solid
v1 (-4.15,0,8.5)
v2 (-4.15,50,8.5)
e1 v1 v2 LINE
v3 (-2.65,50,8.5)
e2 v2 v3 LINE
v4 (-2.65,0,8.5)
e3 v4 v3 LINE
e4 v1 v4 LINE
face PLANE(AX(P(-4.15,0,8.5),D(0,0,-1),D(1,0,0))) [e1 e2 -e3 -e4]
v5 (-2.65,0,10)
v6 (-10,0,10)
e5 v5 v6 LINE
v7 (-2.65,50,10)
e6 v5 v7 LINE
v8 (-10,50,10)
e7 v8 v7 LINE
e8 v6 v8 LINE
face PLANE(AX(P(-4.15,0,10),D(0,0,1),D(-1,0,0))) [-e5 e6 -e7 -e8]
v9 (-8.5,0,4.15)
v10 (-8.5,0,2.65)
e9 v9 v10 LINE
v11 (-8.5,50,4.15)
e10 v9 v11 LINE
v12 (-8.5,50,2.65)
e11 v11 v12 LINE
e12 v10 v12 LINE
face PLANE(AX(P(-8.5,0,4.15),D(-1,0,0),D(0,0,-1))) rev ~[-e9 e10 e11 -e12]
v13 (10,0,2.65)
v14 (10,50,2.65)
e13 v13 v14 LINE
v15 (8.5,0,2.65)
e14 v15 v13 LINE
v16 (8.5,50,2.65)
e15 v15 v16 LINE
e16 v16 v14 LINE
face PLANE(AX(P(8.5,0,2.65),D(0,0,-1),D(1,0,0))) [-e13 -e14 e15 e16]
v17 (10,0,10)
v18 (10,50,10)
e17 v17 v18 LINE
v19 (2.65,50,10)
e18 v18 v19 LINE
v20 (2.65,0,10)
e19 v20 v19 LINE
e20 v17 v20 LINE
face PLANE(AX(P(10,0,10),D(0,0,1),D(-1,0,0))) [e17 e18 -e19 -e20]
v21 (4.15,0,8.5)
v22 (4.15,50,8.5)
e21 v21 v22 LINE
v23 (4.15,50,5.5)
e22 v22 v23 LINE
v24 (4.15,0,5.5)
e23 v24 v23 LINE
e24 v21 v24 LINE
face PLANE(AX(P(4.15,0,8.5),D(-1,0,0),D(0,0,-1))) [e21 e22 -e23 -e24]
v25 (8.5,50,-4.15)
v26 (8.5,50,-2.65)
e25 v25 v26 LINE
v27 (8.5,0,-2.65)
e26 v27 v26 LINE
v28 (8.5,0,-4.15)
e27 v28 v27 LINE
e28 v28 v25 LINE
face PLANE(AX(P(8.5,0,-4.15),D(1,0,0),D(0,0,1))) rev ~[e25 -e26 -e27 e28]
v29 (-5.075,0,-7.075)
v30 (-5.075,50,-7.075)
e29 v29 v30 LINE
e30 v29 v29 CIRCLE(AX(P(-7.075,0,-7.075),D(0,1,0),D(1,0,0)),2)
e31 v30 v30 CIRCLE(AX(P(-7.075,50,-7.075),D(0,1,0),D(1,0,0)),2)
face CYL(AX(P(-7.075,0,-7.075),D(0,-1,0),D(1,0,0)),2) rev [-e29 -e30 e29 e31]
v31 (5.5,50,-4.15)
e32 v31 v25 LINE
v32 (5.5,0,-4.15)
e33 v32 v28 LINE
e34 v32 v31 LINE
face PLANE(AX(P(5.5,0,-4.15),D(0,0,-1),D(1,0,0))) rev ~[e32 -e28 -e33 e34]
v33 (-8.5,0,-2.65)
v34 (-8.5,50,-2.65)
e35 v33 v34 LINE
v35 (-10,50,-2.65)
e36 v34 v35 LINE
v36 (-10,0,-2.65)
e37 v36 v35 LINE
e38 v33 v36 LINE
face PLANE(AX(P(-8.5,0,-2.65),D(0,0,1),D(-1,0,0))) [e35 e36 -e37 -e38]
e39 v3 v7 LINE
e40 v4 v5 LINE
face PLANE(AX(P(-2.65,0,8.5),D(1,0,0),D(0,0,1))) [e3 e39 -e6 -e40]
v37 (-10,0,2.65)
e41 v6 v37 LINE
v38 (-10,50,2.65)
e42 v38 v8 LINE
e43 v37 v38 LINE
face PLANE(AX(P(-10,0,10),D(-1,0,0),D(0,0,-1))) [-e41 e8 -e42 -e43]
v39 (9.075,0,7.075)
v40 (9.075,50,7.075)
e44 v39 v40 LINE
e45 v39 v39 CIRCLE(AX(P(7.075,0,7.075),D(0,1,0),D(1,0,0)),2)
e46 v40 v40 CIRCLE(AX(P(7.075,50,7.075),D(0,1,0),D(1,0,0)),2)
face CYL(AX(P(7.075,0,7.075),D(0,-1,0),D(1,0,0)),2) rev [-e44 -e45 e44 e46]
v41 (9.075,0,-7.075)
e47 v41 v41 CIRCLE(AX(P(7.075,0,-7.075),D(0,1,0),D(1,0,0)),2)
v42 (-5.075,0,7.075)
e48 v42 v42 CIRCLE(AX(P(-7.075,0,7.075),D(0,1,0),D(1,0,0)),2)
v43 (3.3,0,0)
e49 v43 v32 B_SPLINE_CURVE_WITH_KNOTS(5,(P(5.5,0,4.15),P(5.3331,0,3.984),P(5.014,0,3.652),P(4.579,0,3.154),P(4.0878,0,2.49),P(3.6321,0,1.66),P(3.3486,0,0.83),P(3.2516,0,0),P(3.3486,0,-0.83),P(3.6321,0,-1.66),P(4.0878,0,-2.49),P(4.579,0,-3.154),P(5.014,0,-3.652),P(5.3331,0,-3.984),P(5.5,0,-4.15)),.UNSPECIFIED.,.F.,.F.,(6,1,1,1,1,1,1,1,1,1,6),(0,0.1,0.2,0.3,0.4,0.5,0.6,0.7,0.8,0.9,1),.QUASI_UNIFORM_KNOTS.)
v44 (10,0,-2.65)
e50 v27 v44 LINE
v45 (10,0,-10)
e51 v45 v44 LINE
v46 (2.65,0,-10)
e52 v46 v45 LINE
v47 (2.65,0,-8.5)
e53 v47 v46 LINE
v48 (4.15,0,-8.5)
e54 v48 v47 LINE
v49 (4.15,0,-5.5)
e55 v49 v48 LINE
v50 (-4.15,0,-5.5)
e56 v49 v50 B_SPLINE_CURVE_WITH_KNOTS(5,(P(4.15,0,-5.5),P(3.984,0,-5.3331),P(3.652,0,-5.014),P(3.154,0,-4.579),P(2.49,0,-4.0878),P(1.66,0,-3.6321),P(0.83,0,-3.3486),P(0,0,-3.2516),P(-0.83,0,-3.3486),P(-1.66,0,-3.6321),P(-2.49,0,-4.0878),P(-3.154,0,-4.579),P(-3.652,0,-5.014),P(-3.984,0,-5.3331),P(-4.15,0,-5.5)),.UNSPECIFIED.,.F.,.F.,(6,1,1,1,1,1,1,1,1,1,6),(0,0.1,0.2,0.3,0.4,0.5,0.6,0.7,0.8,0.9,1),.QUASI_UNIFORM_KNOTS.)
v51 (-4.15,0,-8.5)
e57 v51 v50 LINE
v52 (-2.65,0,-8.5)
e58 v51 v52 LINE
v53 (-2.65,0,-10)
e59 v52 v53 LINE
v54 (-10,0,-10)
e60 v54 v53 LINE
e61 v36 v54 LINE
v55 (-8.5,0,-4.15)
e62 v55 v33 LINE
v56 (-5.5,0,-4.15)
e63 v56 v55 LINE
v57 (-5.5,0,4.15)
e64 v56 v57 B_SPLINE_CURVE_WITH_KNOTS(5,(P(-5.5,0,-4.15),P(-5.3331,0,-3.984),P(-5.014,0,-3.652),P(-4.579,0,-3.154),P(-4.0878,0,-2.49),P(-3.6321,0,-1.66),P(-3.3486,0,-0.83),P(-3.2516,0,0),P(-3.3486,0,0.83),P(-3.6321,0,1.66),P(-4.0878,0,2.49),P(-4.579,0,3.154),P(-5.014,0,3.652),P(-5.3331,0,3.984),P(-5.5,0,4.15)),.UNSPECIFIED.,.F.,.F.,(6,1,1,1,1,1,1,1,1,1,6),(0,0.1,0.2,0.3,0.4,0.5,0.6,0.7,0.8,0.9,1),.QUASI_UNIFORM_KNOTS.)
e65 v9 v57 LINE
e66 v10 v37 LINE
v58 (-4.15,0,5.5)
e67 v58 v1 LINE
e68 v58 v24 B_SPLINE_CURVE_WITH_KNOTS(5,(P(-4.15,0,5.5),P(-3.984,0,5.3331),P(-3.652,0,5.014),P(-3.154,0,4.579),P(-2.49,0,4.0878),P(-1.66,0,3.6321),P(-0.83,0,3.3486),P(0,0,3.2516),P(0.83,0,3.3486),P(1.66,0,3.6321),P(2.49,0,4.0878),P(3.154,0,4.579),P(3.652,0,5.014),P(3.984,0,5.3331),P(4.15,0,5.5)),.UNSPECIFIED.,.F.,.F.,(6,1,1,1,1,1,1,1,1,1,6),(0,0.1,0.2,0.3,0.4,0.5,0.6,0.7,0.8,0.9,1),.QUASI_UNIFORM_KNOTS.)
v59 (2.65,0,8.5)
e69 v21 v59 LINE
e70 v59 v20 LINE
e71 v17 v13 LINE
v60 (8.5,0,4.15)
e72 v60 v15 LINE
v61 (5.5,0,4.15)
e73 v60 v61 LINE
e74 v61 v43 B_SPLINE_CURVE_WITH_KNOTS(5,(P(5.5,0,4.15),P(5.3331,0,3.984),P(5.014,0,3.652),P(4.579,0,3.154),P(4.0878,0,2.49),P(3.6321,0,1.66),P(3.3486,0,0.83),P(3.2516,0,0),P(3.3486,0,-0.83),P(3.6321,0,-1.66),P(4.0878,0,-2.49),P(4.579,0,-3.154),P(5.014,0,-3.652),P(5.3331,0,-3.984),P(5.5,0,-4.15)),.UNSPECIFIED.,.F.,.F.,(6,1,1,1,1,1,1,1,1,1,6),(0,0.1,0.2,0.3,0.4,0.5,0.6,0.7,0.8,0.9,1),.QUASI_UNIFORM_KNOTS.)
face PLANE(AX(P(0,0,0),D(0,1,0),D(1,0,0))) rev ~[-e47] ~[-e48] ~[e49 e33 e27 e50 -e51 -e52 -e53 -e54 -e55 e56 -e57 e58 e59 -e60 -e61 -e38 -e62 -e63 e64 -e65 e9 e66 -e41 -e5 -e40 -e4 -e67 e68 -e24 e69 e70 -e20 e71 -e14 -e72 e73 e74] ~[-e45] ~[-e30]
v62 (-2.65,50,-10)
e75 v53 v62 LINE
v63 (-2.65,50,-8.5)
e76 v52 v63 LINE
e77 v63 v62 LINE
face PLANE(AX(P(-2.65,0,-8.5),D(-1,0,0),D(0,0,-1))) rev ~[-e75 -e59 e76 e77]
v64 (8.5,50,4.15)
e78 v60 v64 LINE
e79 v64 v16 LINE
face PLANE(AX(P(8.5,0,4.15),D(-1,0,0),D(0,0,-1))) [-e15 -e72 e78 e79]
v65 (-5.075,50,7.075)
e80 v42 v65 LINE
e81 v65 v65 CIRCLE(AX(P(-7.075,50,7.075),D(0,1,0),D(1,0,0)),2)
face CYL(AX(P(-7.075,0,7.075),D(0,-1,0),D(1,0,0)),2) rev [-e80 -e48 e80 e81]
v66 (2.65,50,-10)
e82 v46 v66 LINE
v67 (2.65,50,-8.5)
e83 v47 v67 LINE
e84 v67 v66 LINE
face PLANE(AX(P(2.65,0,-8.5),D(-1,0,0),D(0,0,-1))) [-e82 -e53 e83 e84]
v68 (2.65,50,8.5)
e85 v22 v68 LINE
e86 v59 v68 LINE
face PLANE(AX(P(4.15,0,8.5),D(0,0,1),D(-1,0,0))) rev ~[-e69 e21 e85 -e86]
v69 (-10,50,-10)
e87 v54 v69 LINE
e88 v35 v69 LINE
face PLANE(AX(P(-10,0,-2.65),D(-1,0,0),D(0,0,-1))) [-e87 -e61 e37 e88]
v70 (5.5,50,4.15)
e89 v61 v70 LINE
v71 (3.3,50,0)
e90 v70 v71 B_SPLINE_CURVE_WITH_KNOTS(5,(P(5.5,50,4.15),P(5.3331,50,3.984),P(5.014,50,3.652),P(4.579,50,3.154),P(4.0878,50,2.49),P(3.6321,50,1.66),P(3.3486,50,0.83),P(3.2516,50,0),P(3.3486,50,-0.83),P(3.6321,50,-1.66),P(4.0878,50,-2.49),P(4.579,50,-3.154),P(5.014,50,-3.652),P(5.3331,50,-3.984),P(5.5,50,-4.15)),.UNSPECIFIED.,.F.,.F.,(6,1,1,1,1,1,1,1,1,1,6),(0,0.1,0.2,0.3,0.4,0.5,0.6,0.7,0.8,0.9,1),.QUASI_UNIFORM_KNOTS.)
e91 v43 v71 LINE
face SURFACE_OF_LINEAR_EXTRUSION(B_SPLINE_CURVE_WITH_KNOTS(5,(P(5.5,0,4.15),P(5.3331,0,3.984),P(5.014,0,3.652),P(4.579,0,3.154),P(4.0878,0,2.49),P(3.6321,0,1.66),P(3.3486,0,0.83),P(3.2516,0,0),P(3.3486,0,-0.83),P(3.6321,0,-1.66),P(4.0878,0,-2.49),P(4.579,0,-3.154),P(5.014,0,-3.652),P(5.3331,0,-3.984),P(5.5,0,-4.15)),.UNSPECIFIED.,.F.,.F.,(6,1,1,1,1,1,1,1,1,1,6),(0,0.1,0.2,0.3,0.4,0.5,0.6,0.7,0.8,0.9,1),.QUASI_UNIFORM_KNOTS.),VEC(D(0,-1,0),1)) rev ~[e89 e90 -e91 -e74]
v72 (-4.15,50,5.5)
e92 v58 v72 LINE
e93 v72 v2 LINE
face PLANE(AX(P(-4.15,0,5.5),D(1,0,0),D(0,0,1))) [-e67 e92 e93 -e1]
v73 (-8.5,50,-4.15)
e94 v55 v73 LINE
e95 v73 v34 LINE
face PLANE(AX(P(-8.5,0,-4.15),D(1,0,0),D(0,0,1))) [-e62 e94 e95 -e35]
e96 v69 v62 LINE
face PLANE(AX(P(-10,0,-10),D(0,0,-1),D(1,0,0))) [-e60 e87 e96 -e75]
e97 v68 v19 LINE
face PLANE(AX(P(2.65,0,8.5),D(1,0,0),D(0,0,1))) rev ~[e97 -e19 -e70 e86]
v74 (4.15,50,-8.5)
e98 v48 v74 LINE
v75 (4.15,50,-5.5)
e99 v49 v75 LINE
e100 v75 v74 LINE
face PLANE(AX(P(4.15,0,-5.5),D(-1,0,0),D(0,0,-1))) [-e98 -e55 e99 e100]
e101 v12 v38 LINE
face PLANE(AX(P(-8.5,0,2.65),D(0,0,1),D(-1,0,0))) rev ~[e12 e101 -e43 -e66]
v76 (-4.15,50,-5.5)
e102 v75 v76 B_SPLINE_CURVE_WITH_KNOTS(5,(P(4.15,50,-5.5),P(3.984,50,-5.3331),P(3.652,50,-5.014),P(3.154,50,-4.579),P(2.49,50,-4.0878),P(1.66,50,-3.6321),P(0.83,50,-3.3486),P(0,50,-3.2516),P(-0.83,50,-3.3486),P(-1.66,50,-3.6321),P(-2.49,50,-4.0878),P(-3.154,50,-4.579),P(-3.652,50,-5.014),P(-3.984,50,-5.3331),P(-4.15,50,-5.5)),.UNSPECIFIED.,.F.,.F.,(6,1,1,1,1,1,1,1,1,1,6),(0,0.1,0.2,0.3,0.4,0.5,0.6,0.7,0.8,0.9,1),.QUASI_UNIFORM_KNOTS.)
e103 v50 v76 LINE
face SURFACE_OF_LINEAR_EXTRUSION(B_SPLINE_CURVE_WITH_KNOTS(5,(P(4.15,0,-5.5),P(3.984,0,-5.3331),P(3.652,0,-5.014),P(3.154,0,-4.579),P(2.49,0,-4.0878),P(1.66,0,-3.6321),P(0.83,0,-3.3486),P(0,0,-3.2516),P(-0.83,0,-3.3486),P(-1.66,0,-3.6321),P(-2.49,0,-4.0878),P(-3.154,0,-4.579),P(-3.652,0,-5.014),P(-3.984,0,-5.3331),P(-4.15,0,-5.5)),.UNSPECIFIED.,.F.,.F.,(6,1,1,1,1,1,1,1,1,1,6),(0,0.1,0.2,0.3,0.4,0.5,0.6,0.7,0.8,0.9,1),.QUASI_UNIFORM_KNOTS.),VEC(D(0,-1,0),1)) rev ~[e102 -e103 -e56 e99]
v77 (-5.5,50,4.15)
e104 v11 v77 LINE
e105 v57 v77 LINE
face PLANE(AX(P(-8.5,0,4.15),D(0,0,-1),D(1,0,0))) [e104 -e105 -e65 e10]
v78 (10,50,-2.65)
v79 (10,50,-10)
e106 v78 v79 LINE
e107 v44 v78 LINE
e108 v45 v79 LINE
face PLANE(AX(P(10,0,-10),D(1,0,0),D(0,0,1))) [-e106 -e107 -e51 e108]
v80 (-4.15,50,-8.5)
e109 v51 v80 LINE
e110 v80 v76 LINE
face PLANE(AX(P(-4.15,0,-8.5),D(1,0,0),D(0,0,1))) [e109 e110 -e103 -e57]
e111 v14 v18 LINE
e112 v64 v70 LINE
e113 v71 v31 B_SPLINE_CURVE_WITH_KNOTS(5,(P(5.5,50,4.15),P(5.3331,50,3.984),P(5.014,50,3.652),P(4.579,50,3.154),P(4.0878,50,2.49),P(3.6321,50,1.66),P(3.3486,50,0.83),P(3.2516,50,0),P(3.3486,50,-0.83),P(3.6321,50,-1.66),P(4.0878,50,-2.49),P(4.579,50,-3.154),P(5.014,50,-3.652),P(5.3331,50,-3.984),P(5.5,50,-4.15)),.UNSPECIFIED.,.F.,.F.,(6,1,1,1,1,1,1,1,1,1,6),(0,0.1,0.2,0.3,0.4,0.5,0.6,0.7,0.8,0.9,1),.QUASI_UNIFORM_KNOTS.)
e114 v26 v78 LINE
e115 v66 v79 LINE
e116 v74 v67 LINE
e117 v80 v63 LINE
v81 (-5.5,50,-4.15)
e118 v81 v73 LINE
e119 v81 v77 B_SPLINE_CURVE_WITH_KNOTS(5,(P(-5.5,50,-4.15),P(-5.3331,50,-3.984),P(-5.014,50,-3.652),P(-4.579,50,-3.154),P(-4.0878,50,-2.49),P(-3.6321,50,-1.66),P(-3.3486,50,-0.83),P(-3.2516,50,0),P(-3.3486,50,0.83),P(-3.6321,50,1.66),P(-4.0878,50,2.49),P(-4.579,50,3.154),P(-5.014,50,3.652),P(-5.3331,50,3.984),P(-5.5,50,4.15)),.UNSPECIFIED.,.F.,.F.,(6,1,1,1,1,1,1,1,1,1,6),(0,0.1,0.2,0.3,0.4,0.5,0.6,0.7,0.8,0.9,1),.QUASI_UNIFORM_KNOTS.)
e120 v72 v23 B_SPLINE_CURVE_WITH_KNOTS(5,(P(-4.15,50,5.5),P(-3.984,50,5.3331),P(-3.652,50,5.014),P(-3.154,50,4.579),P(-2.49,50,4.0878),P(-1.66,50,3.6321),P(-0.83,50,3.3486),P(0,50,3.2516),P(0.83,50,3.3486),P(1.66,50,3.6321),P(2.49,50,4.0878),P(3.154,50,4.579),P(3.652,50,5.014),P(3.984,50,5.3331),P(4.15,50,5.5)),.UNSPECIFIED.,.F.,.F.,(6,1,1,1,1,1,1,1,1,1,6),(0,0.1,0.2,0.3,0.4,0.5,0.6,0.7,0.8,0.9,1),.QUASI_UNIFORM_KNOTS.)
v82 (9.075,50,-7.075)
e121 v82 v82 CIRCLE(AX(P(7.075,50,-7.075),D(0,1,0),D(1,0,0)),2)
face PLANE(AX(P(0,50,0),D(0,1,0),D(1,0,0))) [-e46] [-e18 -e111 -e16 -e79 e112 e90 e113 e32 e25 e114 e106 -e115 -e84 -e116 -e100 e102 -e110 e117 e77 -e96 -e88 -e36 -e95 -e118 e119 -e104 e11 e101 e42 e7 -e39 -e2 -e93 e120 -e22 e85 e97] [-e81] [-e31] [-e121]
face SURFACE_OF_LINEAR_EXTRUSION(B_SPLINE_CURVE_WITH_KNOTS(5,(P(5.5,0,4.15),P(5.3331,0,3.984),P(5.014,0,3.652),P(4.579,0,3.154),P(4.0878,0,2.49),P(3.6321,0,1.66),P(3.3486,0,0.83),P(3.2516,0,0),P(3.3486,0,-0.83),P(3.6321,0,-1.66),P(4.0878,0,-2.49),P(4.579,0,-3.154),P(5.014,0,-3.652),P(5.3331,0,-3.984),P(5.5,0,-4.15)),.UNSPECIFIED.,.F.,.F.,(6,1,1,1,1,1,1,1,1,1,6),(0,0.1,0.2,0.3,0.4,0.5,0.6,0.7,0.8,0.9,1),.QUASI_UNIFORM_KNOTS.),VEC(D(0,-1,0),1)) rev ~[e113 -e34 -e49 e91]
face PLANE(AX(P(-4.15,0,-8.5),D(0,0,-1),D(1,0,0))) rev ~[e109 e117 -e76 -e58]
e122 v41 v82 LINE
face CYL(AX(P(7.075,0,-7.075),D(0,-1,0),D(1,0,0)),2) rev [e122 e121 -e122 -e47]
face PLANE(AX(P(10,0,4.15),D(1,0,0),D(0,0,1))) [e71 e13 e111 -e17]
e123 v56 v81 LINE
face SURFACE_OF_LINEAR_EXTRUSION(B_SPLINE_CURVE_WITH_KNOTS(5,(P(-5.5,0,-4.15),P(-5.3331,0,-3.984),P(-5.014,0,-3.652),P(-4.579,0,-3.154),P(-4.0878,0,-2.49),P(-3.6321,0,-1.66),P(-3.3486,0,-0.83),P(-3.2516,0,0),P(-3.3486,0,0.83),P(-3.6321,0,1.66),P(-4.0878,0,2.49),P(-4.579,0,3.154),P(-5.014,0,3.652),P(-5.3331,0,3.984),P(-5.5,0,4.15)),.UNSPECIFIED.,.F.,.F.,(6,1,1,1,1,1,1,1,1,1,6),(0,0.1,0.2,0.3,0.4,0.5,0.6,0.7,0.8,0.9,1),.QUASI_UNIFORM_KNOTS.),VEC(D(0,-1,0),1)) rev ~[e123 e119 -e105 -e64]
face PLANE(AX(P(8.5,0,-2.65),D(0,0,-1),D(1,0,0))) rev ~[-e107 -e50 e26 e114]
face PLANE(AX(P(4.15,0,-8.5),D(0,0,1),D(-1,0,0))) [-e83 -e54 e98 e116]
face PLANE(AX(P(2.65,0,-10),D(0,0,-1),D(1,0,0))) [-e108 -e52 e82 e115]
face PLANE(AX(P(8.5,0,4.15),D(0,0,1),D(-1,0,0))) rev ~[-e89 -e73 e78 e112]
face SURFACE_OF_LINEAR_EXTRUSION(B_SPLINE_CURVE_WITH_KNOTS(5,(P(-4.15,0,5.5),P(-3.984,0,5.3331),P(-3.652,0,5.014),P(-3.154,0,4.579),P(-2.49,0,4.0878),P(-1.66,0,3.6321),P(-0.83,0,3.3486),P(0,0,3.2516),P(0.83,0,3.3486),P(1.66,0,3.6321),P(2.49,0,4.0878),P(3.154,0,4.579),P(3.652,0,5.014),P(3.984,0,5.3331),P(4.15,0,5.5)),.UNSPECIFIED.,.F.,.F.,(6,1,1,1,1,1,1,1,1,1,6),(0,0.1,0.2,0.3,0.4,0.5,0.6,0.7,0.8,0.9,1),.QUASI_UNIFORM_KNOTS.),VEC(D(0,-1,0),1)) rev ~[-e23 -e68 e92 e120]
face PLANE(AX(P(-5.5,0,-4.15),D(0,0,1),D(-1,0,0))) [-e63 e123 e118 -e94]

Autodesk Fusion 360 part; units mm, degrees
sketch "스케치1" plane through (0, 0, 0) normal (0, 1, 0) x (1, 0, 0)
  line L0 (10, -10) -> (-10, -10)
  line L1 (-10, -10) -> (-10, 10)
  line L2 (-10, 10) -> (10, 10)
  line L3 (10, 10) -> (10, -10)
  line L4 (10, -10) -> (-10, 10) construction
  line L5 (-10, -10) -> (10, 10) construction
  line L6 (10, 0) -> (10, -4.15)
  line L7 (3.3, 0) -> (3.3, 4.15)
  line L8 (3.3, 4.15) -> (10, 4.15)
  line L9 (10, 4.15) -> (10, -4.15)
  line L10 (10, -4.15) -> (3.3, -4.15)
  line L11 (3.3, -4.15) -> (3.3, 4.15)
  line L12 (10, -4.15) -> (8.5, -4.15)
  line L13 (8.5, -4.15) -> (8.5, -2.65)
  line L14 (8.5, -2.65) -> (10, -2.65)
  line L15 (10, -2.65) -> (10, -4.15)
  line L16 (10, 4.15) -> (8.5, 4.15)
  line L17 (8.5, 4.15) -> (8.5, 2.65)
  line L18 (8.5, 2.65) -> (10, 2.65)
  line L19 (10, 2.65) -> (10, 4.15)
  line L20 (8.5, 4.15) -> (5.5, 4.15)
  line L21 (5.5, 4.15) -> (5.5, -4.15)
  line L22 (5.5, -4.15) -> (8.5, -4.15)
  line L23 (8.5, -4.15) -> (8.5, 4.15)
  spline S0 degree 5 poles (5.5, -4.15) (5.3331, -3.984) (5.014, -3.652) (4.579, -3.154) (4.0878, -2.49) (3.6321, -1.66) (3.3486, -0.83) (3.2516, 0) (3.3486, 0.83) (3.6321, 1.66) (4.0878, 2.49) (4.579, 3.154) (5.014, 3.652) (5.3331, 3.984) (5.5, 4.15) knots 0 0 0 0 0 0 0.1 0.2 0.3 0.4 0.5 0.6 0.7 0.8 0.9 1 1 1 1 1 1
  spline S1 degree 5 poles (4.15, 5.5) (3.984, 5.3331) (3.652, 5.014) (3.154, 4.579) (2.49, 4.0878) (1.66, 3.6321) (0.83, 3.3486) (0, 3.2516) (-0.83, 3.3486) (-1.66, 3.6321) (-2.49, 4.0878) (-3.154, 4.579) (-3.652, 5.014) (-3.984, 5.3331) (-4.15, 5.5) knots 0 0 0 0 0 0 0.1 0.2 0.3 0.4 0.5 0.6 0.7 0.8 0.9 1 1 1 1 1 1
  line L24 (4.15, 5.5) -> (4.15, 8.5)
  line L25 (4.15, 8.5) -> (2.65, 8.5)
  line L26 (2.65, 8.5) -> (2.65, 10)
  line L27 (-4.15, 8.5) -> (-4.15, 5.5)
  line L28 (-4.15, 8.5) -> (-2.65, 8.5)
  line L29 (-2.65, 8.5) -> (-2.65, 10)
  spline S2 degree 5 poles (-5.5, 4.15) (-5.3331, 3.984) (-5.014, 3.652) (-4.579, 3.154) (-4.0878, 2.49) (-3.6321, 1.66) (-3.3486, 0.83) (-3.2516, 0) (-3.3486, -0.83) (-3.6321, -1.66) (-4.0878, -2.49) (-4.579, -3.154) (-5.014, -3.652) (-5.3331, -3.984) (-5.5, -4.15) knots 0 0 0 0 0 0 0.1 0.2 0.3 0.4 0.5 0.6 0.7 0.8 0.9 1 1 1 1 1 1
  line L30 (-5.5, 4.15) -> (-8.5, 4.15)
  line L31 (-8.5, 4.15) -> (-8.5, 2.65)
  line L32 (-8.5, 2.65) -> (-10, 2.65)
  line L33 (-8.5, -4.15) -> (-5.5, -4.15)
  line L34 (-8.5, -4.15) -> (-8.5, -2.65)
  line L35 (-8.5, -2.65) -> (-10, -2.65)
  spline S3 degree 5 poles (-4.15, -5.5) (-3.984, -5.3331) (-3.652, -5.014) (-3.154, -4.579) (-2.49, -4.0878) (-1.66, -3.6321) (-0.83, -3.3486) (0, -3.2516) (0.83, -3.3486) (1.66, -3.6321) (2.49, -4.0878) (3.154, -4.579) (3.652, -5.014) (3.984, -5.3331) (4.15, -5.5) knots 0 0 0 0 0 0 0.1 0.2 0.3 0.4 0.5 0.6 0.7 0.8 0.9 1 1 1 1 1 1
  line L36 (-4.15, -5.5) -> (-4.15, -8.5)
  line L37 (-4.15, -8.5) -> (-2.65, -8.5)
  line L38 (-2.65, -8.5) -> (-2.65, -10)
  line L39 (4.15, -8.5) -> (4.15, -5.5)
  line L40 (4.15, -8.5) -> (2.65, -8.5)
  line L41 (2.65, -8.5) -> (2.65, -10)
  line L42 (-10, -10) -> (-4.15, -10)
  line L43 (-4.15, -10) -> (-4.15, -4.15)
  line L44 (-4.15, -4.15) -> (-10, -4.15)
  line L45 (-10, -4.15) -> (-10, -10)
  circle A0 centre (-7.075, -7.075) radius 2
  circle A1 centre (7.075, -7.075) radius 2
  circle A2 centre (7.075, 7.075) radius 2
  circle A3 centre (-7.075, 7.075) radius 2
  point P0 (0, 3.3)
  point P1 (-3.3, 0)
  point P2 (0, -3.3)
  dimension "d1" = 20
  dimension "d2" = 20
  dimension "d3" = 6.7
  dimension "d4" = 4.15
  dimension "d5" = 4.15
  dimension "d6" = 1.5
  dimension "d7" = 1.5
  dimension "d8" = 1.5
  dimension "d9" = 1.5
  dimension "d10" = 3
  dimension "d12" = 360
  dimension "d13" = 5.85
  dimension "d14" = 4
  dimension "d16" = 360
extrude "돌출1" add sketch "스케치1" along normal blind 50 contours L0 L1 L2 L3 L7 L8 L10 L11 L12 L16 L20 L22 S1 L24 L25 L26 L27 L28 L29 S2 L30 L31 L32 S3 L39 L40 L41 L43 L44 | L3 L6 L9 L10 L12 L13 L14 L15 L23 | L0 L37 L38 L43 | L0 L1 L33 L36 L42 L43 L44 L45 | L10 L11 S0 | L3 L8 L9 L16 L17 L18 L19 L23 | L7 L8 L11 S0 | L1 L34 L35 L44
